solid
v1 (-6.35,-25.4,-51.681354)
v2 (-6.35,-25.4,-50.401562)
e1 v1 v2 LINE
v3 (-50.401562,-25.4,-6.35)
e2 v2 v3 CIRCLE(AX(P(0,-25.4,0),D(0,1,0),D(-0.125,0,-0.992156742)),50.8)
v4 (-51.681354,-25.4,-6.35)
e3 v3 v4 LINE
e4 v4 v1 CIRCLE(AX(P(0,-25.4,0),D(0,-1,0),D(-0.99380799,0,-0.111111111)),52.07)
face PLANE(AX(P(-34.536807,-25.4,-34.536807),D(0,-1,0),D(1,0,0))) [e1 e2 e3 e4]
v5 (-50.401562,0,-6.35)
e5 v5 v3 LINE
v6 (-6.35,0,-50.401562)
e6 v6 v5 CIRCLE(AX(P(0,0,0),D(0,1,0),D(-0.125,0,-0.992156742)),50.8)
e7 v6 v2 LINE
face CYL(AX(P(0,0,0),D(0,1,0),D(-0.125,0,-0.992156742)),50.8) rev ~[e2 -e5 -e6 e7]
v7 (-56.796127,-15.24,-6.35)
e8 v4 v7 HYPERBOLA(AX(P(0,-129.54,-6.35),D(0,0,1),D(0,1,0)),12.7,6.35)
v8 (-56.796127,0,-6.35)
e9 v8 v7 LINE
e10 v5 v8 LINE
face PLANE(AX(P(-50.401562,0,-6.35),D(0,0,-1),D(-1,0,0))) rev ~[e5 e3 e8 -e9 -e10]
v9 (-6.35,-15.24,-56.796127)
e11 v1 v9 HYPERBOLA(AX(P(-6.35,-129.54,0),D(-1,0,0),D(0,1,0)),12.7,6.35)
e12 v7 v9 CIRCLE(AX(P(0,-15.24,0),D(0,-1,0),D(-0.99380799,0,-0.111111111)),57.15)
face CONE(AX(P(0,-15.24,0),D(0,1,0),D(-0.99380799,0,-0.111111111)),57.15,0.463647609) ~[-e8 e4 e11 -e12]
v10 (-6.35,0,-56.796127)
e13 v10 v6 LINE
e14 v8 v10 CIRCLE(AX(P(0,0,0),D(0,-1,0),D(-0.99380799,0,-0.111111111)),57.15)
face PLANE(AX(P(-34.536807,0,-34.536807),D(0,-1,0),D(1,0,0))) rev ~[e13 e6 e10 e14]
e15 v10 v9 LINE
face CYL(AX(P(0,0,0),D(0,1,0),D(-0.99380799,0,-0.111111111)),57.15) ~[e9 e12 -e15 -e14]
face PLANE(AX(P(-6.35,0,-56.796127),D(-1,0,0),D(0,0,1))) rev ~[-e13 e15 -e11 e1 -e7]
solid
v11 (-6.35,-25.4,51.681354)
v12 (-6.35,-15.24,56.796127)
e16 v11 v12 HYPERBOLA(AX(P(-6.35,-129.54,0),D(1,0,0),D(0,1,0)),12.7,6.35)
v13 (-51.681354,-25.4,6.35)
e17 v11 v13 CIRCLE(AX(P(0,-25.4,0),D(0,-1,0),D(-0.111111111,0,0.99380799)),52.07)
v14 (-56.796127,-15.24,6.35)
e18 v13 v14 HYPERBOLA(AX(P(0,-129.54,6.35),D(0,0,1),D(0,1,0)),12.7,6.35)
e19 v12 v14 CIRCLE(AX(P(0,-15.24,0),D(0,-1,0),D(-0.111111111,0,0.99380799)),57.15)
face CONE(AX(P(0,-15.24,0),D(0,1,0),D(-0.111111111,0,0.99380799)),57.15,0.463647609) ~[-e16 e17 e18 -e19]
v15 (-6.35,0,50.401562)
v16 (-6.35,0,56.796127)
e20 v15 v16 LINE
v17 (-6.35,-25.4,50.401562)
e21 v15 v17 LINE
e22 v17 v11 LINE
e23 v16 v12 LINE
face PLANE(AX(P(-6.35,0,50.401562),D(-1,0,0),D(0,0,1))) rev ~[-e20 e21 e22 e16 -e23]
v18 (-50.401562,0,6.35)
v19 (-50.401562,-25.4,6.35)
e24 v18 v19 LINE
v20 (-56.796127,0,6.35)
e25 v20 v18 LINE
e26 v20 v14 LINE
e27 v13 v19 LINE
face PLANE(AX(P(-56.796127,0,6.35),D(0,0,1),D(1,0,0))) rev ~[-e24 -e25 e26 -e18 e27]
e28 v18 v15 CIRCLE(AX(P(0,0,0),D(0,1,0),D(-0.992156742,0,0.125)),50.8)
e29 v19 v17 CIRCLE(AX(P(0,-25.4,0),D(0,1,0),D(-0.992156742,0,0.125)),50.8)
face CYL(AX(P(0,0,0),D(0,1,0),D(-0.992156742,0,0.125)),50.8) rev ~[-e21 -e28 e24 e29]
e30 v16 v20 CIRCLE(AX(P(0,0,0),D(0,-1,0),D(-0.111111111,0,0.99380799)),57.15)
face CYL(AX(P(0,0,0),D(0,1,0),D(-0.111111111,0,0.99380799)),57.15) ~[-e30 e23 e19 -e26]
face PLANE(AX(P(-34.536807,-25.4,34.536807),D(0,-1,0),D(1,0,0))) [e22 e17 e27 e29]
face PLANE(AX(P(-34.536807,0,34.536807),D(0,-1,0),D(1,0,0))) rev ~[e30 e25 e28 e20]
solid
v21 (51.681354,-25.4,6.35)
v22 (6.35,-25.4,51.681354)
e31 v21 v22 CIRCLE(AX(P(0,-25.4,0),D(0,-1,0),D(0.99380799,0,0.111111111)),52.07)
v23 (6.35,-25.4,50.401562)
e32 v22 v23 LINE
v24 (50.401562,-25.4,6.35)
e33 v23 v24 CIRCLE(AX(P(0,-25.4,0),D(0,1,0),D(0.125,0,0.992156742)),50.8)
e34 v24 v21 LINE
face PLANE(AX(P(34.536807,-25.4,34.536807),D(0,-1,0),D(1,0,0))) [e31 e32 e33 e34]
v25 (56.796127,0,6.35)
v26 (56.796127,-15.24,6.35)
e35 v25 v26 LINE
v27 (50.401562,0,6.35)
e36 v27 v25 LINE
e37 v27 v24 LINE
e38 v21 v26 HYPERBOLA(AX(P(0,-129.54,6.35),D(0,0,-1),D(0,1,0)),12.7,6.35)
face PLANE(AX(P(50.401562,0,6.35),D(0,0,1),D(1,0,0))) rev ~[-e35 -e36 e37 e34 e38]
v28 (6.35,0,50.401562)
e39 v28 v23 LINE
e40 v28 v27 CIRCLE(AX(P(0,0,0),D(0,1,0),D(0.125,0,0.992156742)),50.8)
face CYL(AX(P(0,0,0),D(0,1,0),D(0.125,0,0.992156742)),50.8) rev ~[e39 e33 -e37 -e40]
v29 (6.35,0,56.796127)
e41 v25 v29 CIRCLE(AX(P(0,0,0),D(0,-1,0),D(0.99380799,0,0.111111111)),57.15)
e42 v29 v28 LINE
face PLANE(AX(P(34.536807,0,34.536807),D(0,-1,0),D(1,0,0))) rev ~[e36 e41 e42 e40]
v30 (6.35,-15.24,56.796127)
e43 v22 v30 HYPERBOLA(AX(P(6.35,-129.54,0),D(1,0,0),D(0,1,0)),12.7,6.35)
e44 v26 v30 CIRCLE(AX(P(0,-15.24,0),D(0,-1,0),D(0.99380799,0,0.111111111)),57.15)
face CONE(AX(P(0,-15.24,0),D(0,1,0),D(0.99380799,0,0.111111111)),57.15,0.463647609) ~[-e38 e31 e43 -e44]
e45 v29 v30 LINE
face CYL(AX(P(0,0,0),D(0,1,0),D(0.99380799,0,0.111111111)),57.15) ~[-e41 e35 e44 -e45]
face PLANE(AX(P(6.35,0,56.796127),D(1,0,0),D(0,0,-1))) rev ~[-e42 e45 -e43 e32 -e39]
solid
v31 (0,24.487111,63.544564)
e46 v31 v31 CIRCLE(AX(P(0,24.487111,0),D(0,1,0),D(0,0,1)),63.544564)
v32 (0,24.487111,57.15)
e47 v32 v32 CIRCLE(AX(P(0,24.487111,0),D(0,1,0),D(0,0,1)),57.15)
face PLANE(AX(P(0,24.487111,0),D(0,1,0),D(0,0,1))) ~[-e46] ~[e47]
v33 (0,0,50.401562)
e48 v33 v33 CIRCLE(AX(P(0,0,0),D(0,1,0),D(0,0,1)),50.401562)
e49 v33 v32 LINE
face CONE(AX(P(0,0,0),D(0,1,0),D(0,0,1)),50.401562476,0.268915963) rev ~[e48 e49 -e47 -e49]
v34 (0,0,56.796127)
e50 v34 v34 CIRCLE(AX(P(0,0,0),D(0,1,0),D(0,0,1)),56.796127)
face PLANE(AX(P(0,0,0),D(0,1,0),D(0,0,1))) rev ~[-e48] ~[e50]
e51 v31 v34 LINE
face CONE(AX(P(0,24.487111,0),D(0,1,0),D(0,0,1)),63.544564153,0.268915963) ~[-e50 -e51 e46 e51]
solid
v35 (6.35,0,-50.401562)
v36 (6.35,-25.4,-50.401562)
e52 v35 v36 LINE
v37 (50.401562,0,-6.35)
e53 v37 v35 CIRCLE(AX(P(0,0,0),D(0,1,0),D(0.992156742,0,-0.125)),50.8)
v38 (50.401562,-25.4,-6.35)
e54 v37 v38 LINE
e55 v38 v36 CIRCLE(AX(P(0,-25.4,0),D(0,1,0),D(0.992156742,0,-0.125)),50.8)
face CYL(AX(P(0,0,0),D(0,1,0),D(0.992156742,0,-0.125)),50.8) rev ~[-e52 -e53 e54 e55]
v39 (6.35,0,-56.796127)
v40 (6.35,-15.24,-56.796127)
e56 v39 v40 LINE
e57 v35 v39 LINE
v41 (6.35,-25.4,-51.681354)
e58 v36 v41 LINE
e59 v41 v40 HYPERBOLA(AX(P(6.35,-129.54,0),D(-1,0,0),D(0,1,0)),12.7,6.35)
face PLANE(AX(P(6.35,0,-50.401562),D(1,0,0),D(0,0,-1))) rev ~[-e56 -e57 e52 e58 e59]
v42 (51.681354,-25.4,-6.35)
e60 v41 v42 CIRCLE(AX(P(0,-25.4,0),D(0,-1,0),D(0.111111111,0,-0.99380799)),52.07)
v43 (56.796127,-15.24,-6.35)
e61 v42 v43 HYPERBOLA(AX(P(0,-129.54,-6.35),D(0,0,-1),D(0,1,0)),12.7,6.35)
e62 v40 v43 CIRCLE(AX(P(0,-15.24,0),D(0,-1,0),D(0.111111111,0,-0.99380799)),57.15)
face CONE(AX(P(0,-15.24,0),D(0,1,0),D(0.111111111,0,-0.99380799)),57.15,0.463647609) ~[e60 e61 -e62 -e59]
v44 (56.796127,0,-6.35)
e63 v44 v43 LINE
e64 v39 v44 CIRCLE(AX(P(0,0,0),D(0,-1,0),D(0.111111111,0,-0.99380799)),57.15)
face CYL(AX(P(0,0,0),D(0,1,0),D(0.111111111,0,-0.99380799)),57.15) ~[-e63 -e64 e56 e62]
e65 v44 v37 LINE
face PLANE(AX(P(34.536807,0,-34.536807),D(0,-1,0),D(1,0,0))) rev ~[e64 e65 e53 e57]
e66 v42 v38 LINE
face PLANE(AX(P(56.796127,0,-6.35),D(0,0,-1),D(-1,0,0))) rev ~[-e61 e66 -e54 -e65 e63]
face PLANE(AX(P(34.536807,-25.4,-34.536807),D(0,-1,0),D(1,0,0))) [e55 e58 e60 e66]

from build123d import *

# Parameters (mm, degrees)
F1_DEPTH   = 25.4
F4_SIZE2   = 10.16
F4_SIZE    = 5.08
F4_2_SIZE2 = 10.16
F4_2_SIZE  = 5.08
F4_3_SIZE2 = 10.16
F4_3_SIZE  = 5.08
F4_4_SIZE2 = 10.16
F4_4_SIZE  = 5.08


with BuildPart() as f1:
    # F0 (on Front) → F1 (new body)
    with BuildSketch(Plane.XZ):
        with BuildLine():
            ThreePointArc((-50.4015624758, 6.35), (-35.9210244843, 35.9210244843), (-6.35, 50.4015624758))
            Line((-6.35, 50.4015624758), (-6.35, 56.7961266285))
            ThreePointArc((-6.35, 56.7961266285), (-40.4111525448, 40.4111525448), (-56.7961266285, 6.35))
            Line((-56.7961266285, 6.35), (-50.4015624758, 6.35))
        make_face()
    extrude(amount=F1_DEPTH)

    # F4#2
    f4_2_edges = [f1.edges().sort_by_distance(p)[0] for p in [
        (-40.411153, -25.4, 40.411153),
    ]]
    f4_2_side = f1.faces().sort_by_distance((-36.425486, -25.4, 36.425486))[0]
    chamfer(f4_2_edges, length=F4_2_SIZE, length2=F4_2_SIZE2, reference=f4_2_side)


with BuildPart() as f1b:
    # F0 (on Front) → F1, piece 2 (new body)
    with BuildSketch(Plane.XZ):
        with BuildLine():
            ThreePointArc((6.35, 50.4015624758), (35.9210244843, 35.9210244843), (50.4015624758, 6.35))
            Line((50.4015624758, 6.35), (56.7961266285, 6.35))
            ThreePointArc((56.7961266285, 6.35), (40.4111525448, 40.4111525448), (6.35, 56.7961266285))
            Line((6.35, 56.7961266285), (6.35, 50.4015624758))
        make_face()
    extrude(amount=F1_DEPTH)

    # F4
    f4_edges = [f1b.edges().sort_by_distance(p)[0] for p in [
        (40.411153, -25.4, 40.411153),
    ]]
    f4_side = f1b.faces().sort_by_distance((7.063416, -25.4, 53.598845))[0]
    chamfer(f4_edges, length=F4_SIZE, length2=F4_SIZE2, reference=f4_side)


with BuildPart() as f1c:
    # F0 (on Front) → F1, piece 3 (new body)
    with BuildSketch(Plane.XZ):
        with BuildLine():
            Line((56.7961266285, -6.35), (50.4015624758, -6.35))
            ThreePointArc((50.4015624758, -6.35), (35.9210244843, -35.9210244843), (6.35, -50.4015624758))
            Line((6.35, -50.4015624758), (6.35, -56.7961266285))
            ThreePointArc((6.35, -56.7961266285), (40.4111525448, -40.4111525448), (56.7961266285, -6.35))
        make_face()
    extrude(amount=F1_DEPTH)

    # F4#4
    f4_4_edges = [f1c.edges().sort_by_distance(p)[0] for p in [
        (40.411153, -25.4, -40.411153),
    ]]
    f4_4_side = f1c.faces().sort_by_distance((39.906691, -25.4, -39.906691))[0]
    chamfer(f4_4_edges, length=F4_4_SIZE, length2=F4_4_SIZE2, reference=f4_4_side)


with BuildPart() as f1d:
    # F0 (on Front) → F1, piece 4 (new body)
    with BuildSketch(Plane.XZ):
        with BuildLine():
            Line((-6.35, -56.7961266285), (-6.35, -50.4015624758))
            ThreePointArc((-6.35, -50.4015624758), (-35.9210244843, -35.9210244843), (-50.4015624758, -6.35))
            Line((-50.4015624758, -6.35), (-56.7961266285, -6.35))
            ThreePointArc((-56.7961266285, -6.35), (-40.4111525448, -40.4111525448), (-6.35, -56.7961266285))
        make_face()
    extrude(amount=F1_DEPTH)

    # F4#3
    f4_3_edges = [f1d.edges().sort_by_distance(p)[0] for p in [
        (-40.411153, -25.4, -40.411153),
    ]]
    f4_3_side = f1d.faces().sort_by_distance((-39.906691, -25.4, -39.906691))[0]
    chamfer(f4_3_edges, length=F4_3_SIZE, length2=F4_3_SIZE2, reference=f4_3_side)


with BuildPart() as f3:
    # F2 (on Right) → F3 (revolve)
    with BuildSketch(Plane.YZ):
        Polygon((24.4871107112, 63.5445641527), (0, 56.7961266285), (0, 50.4015624758), (24.4871107112, 57.15), align=None)
    revolve(axis=Axis((0, 13.5470032692, 0), (0, 1, 0)))


solid = Compound([f1.part, f1b.part, f1c.part, f1d.part, f3.part])
